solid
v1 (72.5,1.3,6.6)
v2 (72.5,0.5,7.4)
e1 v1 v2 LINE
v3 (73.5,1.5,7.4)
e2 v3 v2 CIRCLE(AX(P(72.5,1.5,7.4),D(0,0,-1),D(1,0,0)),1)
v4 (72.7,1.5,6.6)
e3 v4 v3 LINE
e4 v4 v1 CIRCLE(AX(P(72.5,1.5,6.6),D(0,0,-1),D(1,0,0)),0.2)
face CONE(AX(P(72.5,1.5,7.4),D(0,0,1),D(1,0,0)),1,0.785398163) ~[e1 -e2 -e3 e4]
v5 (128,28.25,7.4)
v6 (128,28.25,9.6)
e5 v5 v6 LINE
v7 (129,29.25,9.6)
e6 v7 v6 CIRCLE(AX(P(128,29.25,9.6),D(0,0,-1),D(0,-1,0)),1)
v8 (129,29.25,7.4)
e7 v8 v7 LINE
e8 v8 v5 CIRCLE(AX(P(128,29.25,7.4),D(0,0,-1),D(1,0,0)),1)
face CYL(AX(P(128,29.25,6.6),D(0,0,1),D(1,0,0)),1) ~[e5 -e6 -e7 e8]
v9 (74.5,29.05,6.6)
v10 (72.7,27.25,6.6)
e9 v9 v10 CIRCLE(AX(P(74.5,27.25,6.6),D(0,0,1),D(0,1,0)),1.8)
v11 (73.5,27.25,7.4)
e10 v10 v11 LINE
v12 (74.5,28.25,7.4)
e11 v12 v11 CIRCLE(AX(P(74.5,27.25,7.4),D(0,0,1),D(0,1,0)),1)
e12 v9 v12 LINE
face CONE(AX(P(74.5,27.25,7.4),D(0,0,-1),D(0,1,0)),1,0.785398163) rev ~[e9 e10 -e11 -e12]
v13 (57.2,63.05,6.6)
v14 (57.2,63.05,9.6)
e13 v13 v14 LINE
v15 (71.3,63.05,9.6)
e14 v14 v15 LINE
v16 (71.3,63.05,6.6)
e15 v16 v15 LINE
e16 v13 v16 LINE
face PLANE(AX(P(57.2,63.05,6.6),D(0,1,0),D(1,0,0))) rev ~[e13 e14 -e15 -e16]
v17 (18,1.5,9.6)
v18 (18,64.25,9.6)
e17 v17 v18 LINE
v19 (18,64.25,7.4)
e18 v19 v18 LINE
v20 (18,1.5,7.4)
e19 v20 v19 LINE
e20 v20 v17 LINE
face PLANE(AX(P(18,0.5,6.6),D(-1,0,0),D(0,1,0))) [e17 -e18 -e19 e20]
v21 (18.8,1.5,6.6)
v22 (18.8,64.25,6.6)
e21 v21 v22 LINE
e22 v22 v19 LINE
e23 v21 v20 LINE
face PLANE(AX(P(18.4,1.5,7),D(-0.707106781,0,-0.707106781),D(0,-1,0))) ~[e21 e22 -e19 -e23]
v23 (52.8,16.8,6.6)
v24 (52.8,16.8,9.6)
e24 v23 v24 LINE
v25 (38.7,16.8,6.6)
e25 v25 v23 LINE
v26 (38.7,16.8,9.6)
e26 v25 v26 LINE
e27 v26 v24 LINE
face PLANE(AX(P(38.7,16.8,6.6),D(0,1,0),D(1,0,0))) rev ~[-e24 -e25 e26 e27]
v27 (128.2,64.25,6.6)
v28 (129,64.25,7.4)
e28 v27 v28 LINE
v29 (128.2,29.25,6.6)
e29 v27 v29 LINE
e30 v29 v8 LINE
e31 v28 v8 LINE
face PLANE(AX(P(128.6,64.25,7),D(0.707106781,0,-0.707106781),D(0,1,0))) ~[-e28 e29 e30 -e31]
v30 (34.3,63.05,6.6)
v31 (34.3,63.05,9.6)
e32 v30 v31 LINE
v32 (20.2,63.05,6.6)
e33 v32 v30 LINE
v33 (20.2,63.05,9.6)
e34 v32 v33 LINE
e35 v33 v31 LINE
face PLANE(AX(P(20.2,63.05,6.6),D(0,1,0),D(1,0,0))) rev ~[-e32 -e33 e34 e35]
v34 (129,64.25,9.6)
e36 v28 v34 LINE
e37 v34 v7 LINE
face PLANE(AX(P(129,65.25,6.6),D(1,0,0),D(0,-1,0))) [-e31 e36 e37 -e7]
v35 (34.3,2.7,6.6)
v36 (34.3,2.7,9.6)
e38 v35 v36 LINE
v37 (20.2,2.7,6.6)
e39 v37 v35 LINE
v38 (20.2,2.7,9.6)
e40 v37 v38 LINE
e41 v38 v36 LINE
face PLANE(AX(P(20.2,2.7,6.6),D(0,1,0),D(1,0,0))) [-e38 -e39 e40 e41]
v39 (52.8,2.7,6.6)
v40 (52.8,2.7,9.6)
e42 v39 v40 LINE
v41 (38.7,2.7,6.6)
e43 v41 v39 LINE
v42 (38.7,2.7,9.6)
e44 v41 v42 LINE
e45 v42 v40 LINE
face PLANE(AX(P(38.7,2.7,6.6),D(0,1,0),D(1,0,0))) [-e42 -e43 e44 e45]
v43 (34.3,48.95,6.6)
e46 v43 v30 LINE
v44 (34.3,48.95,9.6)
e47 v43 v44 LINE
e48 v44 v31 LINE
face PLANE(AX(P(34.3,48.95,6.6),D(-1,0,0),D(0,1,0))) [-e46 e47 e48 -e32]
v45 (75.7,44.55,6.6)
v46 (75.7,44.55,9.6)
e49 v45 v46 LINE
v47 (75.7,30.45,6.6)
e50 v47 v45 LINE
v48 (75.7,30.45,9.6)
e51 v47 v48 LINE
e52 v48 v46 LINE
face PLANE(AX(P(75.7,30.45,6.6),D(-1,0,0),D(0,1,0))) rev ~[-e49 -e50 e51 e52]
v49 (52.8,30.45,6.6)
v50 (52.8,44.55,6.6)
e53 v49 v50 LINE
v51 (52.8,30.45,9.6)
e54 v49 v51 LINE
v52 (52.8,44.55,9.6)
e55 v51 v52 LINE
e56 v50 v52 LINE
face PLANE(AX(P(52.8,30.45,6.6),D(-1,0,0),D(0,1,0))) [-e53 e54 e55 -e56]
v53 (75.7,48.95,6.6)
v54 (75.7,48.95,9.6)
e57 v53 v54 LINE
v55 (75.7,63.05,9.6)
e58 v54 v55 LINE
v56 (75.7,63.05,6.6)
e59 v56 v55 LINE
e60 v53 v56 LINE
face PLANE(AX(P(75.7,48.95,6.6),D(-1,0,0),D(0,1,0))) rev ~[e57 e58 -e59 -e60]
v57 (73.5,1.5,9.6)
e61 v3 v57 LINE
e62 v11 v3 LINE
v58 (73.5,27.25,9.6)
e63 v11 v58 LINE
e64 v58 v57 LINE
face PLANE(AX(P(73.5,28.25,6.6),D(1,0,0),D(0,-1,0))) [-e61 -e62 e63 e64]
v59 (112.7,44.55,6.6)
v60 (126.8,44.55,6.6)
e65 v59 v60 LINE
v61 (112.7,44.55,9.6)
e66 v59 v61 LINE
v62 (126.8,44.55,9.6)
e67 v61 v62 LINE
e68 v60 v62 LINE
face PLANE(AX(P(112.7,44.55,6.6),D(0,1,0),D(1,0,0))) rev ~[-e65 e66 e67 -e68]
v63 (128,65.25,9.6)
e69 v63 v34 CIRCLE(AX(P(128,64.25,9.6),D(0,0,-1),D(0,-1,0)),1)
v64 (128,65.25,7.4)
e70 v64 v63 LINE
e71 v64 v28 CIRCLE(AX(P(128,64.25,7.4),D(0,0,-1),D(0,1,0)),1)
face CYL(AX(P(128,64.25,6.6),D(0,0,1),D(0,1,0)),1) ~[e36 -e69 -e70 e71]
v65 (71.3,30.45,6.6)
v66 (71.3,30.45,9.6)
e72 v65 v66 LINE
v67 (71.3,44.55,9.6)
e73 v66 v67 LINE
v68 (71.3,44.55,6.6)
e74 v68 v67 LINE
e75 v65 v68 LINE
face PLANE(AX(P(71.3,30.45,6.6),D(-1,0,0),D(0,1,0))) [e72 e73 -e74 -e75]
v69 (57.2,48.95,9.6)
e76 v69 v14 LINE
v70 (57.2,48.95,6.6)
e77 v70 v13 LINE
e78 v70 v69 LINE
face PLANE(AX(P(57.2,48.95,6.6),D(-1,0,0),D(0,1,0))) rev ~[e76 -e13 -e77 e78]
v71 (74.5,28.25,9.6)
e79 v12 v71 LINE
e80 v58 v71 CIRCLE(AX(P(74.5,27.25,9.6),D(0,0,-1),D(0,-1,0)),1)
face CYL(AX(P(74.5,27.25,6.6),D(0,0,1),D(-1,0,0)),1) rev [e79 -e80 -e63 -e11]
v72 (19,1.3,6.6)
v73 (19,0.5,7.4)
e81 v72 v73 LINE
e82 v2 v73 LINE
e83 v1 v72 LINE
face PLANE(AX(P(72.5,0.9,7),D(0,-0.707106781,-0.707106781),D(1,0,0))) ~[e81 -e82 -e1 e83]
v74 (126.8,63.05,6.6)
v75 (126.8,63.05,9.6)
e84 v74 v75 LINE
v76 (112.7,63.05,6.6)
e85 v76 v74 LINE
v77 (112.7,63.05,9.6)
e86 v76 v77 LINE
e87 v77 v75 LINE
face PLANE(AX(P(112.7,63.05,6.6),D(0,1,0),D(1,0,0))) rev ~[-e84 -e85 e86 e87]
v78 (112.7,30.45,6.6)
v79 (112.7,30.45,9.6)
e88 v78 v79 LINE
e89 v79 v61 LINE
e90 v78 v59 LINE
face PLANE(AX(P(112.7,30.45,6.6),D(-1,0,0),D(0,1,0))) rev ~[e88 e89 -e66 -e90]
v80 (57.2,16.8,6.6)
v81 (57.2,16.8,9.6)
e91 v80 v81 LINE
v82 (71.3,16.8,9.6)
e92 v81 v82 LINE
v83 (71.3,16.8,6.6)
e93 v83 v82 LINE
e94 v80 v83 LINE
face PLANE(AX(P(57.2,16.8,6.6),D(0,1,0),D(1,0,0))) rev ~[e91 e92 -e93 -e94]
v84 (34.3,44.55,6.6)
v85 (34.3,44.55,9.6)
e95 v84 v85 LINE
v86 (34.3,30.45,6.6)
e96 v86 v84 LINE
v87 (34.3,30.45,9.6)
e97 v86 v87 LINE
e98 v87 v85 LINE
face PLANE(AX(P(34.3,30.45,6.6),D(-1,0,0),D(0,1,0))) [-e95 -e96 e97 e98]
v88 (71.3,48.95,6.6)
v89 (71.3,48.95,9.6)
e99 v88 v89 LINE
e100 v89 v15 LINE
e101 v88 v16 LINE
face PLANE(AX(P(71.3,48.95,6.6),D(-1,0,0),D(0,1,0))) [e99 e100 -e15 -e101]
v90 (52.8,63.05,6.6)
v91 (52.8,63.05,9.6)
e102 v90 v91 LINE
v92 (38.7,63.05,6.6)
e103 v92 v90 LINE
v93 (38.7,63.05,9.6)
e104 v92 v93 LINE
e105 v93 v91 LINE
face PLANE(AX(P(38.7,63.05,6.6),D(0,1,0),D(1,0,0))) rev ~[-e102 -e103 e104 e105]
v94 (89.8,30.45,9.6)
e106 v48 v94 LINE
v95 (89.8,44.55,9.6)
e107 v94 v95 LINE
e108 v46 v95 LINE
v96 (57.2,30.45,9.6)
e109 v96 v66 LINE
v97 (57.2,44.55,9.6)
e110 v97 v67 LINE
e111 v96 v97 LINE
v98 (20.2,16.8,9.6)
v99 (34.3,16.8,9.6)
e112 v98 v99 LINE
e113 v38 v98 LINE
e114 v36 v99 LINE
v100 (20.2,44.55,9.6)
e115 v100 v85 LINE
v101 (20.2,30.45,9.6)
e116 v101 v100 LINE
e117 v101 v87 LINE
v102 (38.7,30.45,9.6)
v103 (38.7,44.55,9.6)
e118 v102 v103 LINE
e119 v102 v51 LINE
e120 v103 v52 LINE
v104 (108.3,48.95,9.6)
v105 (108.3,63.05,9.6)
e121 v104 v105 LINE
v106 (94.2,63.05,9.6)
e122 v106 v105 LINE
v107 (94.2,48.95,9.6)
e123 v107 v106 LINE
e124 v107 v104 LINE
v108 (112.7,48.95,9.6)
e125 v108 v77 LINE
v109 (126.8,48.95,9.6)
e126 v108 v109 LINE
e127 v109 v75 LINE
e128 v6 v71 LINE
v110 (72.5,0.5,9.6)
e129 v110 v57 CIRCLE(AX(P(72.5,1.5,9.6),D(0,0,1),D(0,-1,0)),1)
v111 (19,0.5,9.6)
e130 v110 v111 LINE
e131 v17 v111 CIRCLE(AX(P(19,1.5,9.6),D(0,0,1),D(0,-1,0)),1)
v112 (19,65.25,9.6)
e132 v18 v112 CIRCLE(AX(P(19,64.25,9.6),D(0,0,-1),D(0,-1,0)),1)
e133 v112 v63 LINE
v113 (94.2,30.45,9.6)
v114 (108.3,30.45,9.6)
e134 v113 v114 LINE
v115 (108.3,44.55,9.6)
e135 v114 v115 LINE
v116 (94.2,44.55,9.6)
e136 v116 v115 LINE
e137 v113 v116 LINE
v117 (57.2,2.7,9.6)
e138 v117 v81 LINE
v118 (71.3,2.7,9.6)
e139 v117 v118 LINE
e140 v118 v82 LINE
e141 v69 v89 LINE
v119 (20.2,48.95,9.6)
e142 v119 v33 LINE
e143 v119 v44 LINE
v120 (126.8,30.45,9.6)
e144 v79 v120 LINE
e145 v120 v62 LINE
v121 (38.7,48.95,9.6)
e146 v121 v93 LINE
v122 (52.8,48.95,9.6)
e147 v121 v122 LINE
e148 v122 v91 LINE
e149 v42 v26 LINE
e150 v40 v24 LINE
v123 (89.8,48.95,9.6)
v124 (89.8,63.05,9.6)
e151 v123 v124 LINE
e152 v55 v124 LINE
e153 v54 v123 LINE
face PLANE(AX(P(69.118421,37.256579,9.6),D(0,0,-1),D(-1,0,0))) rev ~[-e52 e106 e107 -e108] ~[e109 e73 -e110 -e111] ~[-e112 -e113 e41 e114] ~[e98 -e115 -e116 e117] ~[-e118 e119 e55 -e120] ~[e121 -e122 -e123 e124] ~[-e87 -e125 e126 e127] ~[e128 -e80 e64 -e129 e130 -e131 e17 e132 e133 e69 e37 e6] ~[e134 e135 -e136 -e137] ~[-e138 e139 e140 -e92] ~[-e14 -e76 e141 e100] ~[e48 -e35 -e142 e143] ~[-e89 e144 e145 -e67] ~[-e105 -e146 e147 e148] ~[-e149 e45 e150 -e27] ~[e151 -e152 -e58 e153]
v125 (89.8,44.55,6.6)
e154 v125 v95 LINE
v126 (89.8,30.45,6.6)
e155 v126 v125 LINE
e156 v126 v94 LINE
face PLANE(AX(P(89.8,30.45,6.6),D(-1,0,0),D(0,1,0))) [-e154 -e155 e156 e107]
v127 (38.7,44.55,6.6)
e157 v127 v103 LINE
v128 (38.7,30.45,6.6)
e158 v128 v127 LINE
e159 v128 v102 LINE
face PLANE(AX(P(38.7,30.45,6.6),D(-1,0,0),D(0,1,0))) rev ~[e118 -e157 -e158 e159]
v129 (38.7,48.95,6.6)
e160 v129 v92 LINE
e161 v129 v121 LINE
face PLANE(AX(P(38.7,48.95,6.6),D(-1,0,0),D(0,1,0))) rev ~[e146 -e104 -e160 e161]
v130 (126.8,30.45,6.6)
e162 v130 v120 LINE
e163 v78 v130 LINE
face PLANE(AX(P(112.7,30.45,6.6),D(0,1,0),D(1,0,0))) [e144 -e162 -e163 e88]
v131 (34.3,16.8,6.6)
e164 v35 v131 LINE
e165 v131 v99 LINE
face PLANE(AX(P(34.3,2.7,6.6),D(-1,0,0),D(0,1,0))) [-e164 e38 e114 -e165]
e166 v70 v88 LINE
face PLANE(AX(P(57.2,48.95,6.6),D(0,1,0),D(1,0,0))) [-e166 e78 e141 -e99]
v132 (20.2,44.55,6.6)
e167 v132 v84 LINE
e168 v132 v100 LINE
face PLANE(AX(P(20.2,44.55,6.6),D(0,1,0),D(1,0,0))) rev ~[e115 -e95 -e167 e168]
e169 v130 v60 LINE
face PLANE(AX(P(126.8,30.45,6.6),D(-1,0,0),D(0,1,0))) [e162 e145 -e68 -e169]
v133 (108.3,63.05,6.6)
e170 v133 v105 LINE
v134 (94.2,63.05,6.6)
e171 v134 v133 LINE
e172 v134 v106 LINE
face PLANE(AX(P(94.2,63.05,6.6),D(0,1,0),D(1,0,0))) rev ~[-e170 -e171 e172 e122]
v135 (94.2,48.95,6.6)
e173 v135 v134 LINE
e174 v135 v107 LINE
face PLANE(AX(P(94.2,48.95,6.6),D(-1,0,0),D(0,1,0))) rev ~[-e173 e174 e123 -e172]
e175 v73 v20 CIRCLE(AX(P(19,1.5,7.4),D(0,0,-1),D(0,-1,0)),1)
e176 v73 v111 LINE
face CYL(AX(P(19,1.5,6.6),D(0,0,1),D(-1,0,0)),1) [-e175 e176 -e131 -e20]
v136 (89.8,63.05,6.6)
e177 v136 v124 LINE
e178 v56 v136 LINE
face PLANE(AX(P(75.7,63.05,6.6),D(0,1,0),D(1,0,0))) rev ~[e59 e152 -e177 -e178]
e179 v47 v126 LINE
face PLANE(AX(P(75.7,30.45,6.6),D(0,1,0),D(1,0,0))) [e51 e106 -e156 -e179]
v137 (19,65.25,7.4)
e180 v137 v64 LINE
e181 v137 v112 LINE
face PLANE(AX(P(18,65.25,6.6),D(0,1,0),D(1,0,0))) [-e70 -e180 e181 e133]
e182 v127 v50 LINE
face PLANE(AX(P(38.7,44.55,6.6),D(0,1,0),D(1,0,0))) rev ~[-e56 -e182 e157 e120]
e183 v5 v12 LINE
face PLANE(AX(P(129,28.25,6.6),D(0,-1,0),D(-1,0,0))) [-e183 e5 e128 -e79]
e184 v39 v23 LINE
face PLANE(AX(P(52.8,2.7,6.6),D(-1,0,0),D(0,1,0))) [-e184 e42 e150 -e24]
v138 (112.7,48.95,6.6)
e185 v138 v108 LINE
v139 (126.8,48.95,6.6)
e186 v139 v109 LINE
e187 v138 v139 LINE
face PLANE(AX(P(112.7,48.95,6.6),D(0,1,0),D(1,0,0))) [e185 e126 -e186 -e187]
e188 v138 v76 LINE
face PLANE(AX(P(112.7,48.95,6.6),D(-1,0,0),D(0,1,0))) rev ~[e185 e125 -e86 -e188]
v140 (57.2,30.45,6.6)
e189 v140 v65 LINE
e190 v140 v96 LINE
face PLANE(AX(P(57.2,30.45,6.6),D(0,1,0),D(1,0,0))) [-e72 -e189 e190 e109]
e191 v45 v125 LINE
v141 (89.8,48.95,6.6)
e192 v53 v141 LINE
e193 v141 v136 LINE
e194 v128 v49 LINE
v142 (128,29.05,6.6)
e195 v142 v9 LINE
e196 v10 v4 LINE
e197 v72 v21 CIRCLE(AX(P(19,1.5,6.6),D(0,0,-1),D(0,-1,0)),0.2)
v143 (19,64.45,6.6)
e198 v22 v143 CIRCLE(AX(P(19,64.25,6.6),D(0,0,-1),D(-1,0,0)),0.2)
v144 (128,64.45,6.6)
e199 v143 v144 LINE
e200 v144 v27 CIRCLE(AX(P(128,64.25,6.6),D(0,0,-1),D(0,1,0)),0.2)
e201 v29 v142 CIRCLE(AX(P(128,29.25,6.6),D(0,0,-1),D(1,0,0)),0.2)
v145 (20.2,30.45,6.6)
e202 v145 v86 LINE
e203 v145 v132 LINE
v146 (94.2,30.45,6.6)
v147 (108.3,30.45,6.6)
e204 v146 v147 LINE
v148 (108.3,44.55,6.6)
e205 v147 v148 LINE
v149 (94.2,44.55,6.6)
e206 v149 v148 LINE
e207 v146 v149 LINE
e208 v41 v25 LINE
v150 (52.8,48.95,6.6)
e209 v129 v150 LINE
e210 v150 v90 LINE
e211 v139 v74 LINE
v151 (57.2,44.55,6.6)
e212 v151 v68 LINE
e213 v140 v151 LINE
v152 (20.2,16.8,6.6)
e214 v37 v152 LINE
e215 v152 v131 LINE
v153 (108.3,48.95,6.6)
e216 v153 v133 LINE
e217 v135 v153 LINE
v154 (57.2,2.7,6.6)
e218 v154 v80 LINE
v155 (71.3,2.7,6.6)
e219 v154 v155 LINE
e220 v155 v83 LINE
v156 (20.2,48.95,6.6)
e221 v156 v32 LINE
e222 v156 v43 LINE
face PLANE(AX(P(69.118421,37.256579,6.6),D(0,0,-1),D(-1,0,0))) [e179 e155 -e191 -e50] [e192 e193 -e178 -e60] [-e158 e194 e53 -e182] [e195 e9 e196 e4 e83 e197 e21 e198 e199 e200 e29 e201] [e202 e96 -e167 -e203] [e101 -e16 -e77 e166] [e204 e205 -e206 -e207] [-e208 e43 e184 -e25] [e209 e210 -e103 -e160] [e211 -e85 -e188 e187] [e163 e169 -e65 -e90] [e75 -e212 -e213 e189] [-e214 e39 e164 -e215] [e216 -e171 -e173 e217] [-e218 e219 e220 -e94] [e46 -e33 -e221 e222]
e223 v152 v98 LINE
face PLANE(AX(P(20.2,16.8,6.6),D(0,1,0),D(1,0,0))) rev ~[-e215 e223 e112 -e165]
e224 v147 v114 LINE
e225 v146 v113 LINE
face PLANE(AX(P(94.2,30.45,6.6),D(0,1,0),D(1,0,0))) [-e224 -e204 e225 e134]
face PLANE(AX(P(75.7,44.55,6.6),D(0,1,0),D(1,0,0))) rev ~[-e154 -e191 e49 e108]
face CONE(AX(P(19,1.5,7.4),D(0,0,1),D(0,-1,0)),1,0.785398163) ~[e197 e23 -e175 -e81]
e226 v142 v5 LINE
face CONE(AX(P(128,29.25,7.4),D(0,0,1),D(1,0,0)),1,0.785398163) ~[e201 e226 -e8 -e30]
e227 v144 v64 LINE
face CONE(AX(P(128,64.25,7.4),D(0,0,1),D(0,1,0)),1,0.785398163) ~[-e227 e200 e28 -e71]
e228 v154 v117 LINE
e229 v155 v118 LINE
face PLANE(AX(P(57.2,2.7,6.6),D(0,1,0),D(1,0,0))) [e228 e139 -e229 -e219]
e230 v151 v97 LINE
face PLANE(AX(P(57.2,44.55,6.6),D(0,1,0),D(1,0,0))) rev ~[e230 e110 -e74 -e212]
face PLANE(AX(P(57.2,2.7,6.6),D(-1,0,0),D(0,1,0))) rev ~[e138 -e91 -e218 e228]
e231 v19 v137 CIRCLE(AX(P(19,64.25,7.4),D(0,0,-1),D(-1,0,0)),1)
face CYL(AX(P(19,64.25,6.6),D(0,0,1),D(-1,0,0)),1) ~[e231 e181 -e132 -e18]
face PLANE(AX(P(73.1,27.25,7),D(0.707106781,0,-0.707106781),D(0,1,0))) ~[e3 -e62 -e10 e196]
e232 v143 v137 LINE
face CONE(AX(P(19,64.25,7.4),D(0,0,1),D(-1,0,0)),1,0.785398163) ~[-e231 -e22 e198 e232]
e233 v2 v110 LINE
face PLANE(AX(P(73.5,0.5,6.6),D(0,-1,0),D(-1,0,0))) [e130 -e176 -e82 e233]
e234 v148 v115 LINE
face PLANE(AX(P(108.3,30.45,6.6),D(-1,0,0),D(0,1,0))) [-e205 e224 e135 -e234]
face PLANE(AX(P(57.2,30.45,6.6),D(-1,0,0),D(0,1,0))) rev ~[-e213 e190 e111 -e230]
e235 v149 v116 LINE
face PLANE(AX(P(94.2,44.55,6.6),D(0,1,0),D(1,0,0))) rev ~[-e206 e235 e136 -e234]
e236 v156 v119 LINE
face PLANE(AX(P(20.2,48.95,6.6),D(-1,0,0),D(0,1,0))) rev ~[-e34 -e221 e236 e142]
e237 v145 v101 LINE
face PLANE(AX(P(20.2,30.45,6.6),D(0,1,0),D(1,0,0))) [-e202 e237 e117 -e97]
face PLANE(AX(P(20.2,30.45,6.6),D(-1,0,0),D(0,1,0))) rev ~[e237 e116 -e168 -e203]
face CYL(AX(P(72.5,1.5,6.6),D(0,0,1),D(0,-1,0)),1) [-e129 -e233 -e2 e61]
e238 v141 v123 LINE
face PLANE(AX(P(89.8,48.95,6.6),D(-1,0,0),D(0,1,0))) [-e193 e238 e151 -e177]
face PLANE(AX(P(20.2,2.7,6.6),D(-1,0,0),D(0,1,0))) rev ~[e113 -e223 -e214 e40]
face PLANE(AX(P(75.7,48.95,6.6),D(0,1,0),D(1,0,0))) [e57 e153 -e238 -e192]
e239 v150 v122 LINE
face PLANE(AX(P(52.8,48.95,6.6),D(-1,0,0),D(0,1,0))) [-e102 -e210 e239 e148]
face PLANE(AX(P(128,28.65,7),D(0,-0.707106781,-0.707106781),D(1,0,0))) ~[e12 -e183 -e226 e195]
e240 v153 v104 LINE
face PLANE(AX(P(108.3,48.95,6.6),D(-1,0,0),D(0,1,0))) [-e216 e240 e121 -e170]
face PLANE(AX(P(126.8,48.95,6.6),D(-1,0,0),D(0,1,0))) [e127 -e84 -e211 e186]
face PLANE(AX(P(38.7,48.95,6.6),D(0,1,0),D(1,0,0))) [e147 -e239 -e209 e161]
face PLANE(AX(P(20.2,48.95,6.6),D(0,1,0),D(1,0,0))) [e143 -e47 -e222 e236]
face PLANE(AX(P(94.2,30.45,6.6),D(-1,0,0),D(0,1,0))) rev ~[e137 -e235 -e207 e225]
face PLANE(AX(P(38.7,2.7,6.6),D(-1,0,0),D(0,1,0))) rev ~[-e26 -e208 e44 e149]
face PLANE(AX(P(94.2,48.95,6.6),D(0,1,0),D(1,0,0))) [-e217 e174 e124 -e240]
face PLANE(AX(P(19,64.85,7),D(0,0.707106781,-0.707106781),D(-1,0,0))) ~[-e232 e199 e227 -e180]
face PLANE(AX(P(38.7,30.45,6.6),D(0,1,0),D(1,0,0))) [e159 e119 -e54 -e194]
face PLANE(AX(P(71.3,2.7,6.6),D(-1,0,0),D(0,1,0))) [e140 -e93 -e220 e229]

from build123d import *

# Parameters (mm, degrees)
SKETCH006_W     = 14.1
SKETCH006_H     = 14.1
PAD003_DEPTH    = 3
FILLET_R        = 1
CHAMFER001_SIZE = 0.8


with BuildPart() as part:
    # Sketch006 → Pad003 (new body)
    with BuildSketch(Plane.XY):
        Polygon((0, 0), (0, 64.75), (111, 64.75), (111, 27.75), (55.5, 27.75), (55.5, 0), align=None)
        with Locations((27.75, 9.25)):
            Rectangle(SKETCH006_W, SKETCH006_H, mode=Mode.SUBTRACT)
        with Locations((27.75, 55.5)):
            Rectangle(SKETCH006_W, SKETCH006_H, mode=Mode.SUBTRACT)
        with Locations((27.75, 37)):
            Rectangle(SKETCH006_W, SKETCH006_H, mode=Mode.SUBTRACT)
        with Locations((46.25, 55.5)):
            Rectangle(SKETCH006_W, SKETCH006_H, mode=Mode.SUBTRACT)
        with Locations((64.75, 55.5)):
            Rectangle(SKETCH006_W, SKETCH006_H, mode=Mode.SUBTRACT)
        with Locations((83.25, 55.5)):
            Rectangle(SKETCH006_W, SKETCH006_H, mode=Mode.SUBTRACT)
        with Locations((101.75, 55.5)):
            Rectangle(SKETCH006_W, SKETCH006_H, mode=Mode.SUBTRACT)
        with Locations((101.75, 37)):
            Rectangle(SKETCH006_W, SKETCH006_H, mode=Mode.SUBTRACT)
        with Locations((83.25, 37)):
            Rectangle(SKETCH006_W, SKETCH006_H, mode=Mode.SUBTRACT)
        with Locations((64.75, 37)):
            Rectangle(SKETCH006_W, SKETCH006_H, mode=Mode.SUBTRACT)
        with Locations((46.25, 37)):
            Rectangle(SKETCH006_W, SKETCH006_H, mode=Mode.SUBTRACT)
        with Locations((9.25, 55.5)):
            Rectangle(SKETCH006_W, SKETCH006_H, mode=Mode.SUBTRACT)
        with Locations((9.25, 37)):
            Rectangle(SKETCH006_W, SKETCH006_H, mode=Mode.SUBTRACT)
        with Locations((9.25, 9.25)):
            Rectangle(SKETCH006_W, SKETCH006_H, mode=Mode.SUBTRACT)
        with Locations((46.25, 9.25)):
            Rectangle(SKETCH006_W, SKETCH006_H, mode=Mode.SUBTRACT)
    extrude(amount=PAD003_DEPTH)

    # Fillet
    fillet_edges = [part.edges().sort_by_distance(p)[0] for p in [
        (55.5, 0, 1.5),
        (55.5, 27.75, 1.5),
        (111, 27.75, 1.5),
        (0, 0, 1.5),
        (0, 64.75, 1.5),
        (111, 64.75, 1.5),
    ]]
    fillet(fillet_edges, radius=FILLET_R)

    # Chamfer001
    chamfer001_edges = [part.edges().sort_by_distance(p)[0] for p in [
        (83.25, 27.75, 0),
    ]]
    chamfer(chamfer001_edges, length=CHAMFER001_SIZE)


with BuildPart() as part_1:
    # Body002 placement: moved
    add(part.part.moved(Location((18, 0.5, 6.6))))


solid = part_1.part
